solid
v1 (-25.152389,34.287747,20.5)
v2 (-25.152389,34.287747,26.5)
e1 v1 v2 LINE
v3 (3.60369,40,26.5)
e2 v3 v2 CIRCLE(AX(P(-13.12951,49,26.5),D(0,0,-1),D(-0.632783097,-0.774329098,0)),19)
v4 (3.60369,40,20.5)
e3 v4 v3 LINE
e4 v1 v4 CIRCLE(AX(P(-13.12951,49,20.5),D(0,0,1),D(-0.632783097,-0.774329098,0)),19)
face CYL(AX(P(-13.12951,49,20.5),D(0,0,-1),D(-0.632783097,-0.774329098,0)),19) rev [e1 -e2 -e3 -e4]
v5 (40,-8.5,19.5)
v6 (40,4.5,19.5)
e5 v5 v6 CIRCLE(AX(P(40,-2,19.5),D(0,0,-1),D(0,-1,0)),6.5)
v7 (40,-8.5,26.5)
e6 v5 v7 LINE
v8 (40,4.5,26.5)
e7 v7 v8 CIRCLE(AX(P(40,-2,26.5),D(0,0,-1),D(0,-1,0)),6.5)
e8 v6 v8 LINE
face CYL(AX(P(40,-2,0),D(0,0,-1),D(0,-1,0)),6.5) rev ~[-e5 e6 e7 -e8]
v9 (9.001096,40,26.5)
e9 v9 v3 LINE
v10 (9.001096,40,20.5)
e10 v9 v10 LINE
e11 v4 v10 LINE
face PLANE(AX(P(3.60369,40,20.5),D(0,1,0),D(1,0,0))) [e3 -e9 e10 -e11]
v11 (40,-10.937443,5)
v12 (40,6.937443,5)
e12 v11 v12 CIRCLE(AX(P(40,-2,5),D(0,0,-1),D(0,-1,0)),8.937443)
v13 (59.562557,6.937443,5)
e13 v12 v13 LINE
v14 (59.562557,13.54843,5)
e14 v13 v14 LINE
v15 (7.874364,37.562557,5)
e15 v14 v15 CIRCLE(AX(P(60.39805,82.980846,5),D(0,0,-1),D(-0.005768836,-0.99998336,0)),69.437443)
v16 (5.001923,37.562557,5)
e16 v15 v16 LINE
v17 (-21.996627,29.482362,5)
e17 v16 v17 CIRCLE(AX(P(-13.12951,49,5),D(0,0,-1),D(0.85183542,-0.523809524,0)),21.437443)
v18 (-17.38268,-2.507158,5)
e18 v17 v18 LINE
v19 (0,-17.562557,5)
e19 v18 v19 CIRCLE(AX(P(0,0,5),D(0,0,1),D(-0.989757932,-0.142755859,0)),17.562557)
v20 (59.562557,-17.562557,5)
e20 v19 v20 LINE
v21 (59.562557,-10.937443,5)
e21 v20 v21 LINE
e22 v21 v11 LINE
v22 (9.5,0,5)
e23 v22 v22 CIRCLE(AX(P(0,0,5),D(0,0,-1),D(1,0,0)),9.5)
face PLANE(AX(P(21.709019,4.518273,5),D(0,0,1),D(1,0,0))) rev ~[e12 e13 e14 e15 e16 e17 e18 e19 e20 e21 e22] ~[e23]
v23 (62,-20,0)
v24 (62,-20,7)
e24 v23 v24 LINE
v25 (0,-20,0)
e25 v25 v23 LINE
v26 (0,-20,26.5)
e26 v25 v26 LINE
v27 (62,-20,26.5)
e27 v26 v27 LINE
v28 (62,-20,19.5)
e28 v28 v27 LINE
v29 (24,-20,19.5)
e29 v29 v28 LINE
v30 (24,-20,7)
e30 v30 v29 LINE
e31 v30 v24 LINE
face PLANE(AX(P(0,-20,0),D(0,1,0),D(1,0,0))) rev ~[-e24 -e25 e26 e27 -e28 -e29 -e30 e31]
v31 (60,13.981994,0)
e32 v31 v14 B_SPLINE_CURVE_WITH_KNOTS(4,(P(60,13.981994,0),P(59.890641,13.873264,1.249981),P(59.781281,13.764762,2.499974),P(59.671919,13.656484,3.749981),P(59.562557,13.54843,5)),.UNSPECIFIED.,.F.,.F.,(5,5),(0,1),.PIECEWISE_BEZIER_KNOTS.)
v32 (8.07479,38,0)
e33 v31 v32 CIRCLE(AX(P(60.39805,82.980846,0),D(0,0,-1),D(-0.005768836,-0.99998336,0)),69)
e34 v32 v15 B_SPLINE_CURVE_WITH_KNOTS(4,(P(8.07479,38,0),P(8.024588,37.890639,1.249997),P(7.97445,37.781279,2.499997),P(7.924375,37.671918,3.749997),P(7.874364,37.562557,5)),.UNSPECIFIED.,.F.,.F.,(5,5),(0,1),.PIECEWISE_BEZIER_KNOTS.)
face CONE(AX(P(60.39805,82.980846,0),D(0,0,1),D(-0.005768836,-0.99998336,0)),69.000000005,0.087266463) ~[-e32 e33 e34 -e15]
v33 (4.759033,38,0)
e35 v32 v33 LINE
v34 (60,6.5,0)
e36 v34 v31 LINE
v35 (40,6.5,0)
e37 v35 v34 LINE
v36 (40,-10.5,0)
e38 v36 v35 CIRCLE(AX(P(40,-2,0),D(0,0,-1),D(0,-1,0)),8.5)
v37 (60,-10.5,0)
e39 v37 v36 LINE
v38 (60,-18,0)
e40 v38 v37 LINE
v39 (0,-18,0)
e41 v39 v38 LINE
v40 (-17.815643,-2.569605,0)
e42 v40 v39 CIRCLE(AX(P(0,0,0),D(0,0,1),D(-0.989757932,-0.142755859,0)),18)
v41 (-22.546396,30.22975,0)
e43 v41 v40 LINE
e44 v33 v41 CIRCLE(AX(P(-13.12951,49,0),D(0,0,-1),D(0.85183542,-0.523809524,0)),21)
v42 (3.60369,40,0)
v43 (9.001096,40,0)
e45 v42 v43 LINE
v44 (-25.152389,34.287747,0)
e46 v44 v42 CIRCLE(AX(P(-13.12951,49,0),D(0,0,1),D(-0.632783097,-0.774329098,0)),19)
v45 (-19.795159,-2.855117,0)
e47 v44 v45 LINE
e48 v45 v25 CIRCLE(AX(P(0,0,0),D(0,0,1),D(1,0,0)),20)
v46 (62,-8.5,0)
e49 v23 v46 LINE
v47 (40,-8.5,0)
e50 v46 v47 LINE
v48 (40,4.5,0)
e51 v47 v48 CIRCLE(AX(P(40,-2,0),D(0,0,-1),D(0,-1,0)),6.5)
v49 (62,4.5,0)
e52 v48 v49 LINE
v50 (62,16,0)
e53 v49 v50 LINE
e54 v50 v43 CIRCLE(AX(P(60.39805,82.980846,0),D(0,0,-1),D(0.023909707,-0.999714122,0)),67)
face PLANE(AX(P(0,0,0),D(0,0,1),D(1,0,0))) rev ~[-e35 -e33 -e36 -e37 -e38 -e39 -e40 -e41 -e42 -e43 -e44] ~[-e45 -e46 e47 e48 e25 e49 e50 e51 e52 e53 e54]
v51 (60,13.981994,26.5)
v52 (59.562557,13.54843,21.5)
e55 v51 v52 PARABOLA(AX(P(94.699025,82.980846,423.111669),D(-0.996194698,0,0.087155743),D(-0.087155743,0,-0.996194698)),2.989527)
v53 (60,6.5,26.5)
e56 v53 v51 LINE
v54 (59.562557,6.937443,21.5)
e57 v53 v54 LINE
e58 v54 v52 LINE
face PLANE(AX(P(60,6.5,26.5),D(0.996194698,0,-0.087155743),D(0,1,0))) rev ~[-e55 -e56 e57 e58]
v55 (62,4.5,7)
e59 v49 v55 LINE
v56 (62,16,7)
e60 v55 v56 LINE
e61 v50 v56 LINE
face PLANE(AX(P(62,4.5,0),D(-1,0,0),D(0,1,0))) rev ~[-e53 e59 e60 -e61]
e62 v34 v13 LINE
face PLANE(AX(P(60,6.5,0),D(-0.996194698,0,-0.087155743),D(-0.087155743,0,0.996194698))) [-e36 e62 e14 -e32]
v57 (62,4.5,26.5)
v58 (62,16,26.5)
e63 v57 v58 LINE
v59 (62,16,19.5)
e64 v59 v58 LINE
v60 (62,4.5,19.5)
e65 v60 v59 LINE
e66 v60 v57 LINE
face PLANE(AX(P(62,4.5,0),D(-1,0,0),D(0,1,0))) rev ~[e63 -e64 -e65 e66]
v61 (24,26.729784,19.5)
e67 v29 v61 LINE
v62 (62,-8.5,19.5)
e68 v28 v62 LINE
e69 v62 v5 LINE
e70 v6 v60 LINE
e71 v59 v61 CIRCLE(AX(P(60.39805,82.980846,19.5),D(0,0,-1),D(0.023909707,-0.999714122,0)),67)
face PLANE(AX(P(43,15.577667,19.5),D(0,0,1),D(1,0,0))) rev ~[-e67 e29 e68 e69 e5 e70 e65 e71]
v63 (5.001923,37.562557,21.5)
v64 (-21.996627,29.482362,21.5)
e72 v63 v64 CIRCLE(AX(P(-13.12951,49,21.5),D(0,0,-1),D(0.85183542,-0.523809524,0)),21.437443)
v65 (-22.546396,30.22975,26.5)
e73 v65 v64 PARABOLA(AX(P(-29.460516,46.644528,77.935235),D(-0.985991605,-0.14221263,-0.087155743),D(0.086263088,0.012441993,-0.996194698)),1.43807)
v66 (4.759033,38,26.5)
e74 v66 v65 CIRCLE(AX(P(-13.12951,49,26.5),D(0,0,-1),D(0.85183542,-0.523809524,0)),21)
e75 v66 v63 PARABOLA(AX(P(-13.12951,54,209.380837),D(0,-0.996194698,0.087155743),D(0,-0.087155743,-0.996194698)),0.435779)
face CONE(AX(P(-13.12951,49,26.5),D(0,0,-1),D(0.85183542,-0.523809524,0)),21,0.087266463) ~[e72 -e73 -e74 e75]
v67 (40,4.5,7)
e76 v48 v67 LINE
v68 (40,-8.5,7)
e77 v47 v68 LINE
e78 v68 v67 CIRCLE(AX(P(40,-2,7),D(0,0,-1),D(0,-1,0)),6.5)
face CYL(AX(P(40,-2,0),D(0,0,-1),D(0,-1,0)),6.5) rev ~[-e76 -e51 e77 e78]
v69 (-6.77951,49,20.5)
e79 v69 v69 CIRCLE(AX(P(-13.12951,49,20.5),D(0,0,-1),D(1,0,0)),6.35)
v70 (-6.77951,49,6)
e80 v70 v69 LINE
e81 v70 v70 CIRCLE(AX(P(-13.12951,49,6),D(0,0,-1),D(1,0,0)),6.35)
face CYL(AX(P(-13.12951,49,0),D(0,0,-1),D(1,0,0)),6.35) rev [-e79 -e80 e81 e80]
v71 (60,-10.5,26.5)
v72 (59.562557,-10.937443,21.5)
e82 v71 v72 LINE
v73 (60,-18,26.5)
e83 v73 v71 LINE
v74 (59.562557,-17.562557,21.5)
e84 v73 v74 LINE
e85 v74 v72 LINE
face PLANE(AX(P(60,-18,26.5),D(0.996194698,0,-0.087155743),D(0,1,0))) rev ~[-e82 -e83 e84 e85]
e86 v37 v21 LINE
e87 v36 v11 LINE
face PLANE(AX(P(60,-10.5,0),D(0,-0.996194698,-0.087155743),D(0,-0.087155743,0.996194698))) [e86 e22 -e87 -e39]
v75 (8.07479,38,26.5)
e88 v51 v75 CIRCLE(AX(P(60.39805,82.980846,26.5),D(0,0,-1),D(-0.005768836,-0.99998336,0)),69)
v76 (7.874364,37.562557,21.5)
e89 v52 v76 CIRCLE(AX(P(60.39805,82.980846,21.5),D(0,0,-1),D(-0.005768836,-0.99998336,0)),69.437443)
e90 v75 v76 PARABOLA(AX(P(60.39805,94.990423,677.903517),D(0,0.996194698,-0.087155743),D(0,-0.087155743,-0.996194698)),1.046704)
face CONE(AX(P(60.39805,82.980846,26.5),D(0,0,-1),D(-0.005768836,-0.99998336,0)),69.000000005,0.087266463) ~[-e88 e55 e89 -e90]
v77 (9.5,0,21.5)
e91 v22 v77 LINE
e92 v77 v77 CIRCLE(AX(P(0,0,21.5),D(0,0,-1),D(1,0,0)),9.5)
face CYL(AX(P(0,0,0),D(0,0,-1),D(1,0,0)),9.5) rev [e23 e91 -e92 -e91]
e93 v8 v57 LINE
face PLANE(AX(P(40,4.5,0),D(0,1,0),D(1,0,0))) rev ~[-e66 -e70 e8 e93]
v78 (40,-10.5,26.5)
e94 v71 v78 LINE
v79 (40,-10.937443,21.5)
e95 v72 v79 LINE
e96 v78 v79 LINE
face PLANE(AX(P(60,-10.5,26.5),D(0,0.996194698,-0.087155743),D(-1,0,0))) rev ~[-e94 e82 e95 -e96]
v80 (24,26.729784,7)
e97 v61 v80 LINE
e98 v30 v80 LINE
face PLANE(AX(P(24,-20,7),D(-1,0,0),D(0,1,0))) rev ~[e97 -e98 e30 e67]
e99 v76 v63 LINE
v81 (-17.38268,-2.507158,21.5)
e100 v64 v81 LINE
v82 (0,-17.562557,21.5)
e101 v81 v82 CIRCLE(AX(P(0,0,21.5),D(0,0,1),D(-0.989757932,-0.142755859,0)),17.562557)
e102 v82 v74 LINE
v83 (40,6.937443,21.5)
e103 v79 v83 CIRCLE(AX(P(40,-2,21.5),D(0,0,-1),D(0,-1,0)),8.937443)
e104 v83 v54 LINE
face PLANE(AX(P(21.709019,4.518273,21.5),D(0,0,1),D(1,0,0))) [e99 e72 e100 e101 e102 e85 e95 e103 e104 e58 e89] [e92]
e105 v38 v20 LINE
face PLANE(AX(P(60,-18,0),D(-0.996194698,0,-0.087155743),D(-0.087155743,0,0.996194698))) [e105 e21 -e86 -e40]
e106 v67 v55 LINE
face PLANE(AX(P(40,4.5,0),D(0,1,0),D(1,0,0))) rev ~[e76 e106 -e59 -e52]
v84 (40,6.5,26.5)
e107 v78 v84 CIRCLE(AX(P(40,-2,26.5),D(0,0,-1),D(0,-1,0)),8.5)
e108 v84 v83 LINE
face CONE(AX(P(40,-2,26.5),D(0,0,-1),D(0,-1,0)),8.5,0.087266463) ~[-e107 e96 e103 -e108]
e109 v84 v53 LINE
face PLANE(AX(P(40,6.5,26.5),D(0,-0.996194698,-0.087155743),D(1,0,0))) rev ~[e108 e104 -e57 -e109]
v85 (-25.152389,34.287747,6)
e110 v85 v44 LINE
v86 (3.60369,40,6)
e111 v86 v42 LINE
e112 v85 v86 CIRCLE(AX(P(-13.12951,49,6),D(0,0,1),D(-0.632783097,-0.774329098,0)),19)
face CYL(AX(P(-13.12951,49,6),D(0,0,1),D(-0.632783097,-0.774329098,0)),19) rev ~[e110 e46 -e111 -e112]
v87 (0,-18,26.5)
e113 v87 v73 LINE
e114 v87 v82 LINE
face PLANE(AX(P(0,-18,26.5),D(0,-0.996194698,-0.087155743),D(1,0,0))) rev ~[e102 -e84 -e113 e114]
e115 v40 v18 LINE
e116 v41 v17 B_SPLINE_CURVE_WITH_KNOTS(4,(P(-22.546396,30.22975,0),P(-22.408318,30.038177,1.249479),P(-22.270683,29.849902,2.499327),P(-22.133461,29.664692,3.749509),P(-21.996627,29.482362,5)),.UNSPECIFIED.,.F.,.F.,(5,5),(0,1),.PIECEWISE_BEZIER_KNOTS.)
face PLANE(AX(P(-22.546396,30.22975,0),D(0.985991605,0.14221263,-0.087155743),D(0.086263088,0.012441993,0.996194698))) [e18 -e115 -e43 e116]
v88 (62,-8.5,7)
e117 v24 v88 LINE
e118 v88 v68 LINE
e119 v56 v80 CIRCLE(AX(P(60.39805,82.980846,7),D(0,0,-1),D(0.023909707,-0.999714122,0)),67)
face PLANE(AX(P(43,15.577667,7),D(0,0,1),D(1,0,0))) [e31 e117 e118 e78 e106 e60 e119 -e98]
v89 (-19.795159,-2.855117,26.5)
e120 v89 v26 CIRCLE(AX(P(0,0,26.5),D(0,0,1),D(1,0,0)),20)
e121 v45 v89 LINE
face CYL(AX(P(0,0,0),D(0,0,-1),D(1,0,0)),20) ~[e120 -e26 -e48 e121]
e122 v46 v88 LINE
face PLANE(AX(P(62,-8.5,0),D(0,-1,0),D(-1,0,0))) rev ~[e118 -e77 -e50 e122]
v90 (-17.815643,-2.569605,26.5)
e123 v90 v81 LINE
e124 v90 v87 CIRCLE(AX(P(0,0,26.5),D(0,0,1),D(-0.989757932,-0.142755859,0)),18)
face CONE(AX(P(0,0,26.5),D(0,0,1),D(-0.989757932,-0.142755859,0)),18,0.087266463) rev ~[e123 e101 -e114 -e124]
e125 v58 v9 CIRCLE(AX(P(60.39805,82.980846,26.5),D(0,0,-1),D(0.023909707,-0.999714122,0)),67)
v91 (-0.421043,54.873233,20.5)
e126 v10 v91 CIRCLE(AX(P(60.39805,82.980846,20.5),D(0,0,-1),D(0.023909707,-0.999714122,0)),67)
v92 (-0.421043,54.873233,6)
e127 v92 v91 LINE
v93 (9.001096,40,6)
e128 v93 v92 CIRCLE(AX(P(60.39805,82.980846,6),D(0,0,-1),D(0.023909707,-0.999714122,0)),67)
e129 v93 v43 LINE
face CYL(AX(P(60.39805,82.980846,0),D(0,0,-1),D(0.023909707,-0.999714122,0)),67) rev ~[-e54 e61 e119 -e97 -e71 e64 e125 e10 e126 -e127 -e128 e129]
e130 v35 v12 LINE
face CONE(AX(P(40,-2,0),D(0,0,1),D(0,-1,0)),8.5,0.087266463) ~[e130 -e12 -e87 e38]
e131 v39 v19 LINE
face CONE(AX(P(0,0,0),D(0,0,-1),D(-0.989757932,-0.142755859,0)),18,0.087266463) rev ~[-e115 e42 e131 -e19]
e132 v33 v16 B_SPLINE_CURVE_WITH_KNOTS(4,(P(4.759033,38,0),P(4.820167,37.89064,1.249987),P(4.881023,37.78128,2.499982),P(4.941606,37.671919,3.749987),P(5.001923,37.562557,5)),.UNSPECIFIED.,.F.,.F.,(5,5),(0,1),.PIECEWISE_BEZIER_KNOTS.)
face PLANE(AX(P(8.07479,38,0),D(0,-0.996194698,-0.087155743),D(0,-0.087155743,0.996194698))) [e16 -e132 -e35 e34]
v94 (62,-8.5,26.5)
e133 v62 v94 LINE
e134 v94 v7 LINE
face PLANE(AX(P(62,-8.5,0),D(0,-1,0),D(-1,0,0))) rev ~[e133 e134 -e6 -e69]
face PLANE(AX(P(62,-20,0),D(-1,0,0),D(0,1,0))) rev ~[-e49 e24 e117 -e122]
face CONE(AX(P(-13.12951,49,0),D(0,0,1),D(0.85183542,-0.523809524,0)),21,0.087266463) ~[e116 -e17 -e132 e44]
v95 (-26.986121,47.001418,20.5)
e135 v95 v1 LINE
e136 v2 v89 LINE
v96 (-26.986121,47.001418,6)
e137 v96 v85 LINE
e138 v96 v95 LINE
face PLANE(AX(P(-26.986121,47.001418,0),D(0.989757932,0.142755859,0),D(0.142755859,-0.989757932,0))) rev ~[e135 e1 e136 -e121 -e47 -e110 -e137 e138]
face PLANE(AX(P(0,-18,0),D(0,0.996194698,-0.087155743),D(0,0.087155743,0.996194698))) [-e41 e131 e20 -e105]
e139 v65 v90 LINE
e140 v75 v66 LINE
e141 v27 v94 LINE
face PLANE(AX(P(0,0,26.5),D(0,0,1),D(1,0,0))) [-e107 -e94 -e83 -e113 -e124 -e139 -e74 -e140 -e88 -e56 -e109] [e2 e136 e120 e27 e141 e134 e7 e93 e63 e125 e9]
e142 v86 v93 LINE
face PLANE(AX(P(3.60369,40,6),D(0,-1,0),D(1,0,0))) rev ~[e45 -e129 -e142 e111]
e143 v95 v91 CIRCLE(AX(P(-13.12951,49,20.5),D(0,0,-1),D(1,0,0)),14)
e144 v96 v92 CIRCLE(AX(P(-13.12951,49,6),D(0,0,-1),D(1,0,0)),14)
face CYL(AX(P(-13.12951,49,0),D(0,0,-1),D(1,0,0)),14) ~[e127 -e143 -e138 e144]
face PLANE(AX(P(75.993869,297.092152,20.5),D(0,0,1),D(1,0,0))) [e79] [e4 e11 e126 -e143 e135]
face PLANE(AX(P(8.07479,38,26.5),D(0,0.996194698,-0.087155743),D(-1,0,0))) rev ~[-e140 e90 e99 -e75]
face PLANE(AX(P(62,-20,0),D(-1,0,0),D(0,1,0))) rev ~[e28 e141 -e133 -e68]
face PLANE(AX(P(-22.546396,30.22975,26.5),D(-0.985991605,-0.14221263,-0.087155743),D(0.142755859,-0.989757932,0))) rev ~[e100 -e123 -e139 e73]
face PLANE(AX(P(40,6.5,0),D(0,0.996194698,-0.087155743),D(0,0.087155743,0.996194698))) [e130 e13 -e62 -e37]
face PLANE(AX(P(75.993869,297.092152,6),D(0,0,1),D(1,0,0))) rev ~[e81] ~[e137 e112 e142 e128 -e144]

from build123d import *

# Parameters (mm, degrees)
SKETCH3_R               = 14
SKETCH3_R_2             = 6.35
SKETCH3_R_3             = 20
SKETCH3_R_4             = 9.5
BOSS_EXTRUDE6_DEPTH     = 26.5
CUT_EXTRUDE5_START      = 7
SKETCH7_W               = 38
SKETCH7_H               = 71.155333985
CUT_EXTRUDE5_DEPTH      = 12.5
CUT_EXTRUDE6_DEPTH      = 93.278112248
CUT_EXTRUDE6_DEPTH_BACK = 6
CUT_EXTRUDE8_DEPTH      = 93.278112248
CUT_EXTRUDE8_DEPTH_BACK = 6
CUT_EXTRUDE10_DEPTH     = 5
CUT_EXTRUDE10_TAPER     = 5
CUT_EXTRUDE11_DEPTH     = 5
CUT_EXTRUDE11_DRAFT     = -5


with BuildPart() as part:
    # Sketch3 → Boss-Extrude6 (new body)
    # profile 1 of 3: a face of its own
    with BuildSketch(Plane.XY):
        with BuildLine():
            ThreePointArc((0.870489571, 49), (-12.127650844, 35.035893248), (-26.986121482, 47.001417973))
            Line((-26.986121482, 47.001417973), (-19.795158647, -2.855117182))
            ThreePointArc((-19.795158647, -2.855117182), (-1.431227978, 19.948723931), (20, 0))
            ThreePointArc((20, 0), (14.142135624, -14.142135624), (0, -20))
            Line((0, -20), (62, -20))
            Line((62, -20), (62, -8.5))
            Line((62, -8.5), (40, -8.5))
            ThreePointArc((40, -8.5), (33.5, -2), (40, 4.5))
            Line((40, 4.5), (62, 4.5))
            Line((62, 4.5), (62, 16))
            ThreePointArc((62, 16), (24.979840385, 26.107737846), (-0.421043253, 54.873232673))
            ThreePointArc((-0.421043253, 54.873232673), (0.543794593, 52.006780632), (0.870489571, 49))
        make_face()
    # profile 2 of 3: a face of its own
    with BuildSketch(Plane.XY):
        with Locations((-13.129510429, 49)):
            Circle(SKETCH3_R)
        with Locations((-13.129510429, 49)):
            Circle(SKETCH3_R_2, mode=Mode.SUBTRACT)
    # profile 3 of 3: a face of its own
    with BuildSketch(Plane.XY):
        Circle(SKETCH3_R_3)
        Circle(SKETCH3_R_4, mode=Mode.SUBTRACT)
    extrude(amount=BOSS_EXTRUDE6_DEPTH)

    # Sketch7 → Cut-Extrude5 (cut)
    with BuildSketch(Plane.XY.offset(CUT_EXTRUDE5_START)):
        with Locations((43, 15.577666993)):
            Rectangle(SKETCH7_W, SKETCH7_H)
    extrude(amount=CUT_EXTRUDE5_DEPTH, mode=Mode.SUBTRACT)

    # Sketch8 → Cut-Extrude6 (cut, two sides: drawn at the far end of the back side and taken through both)
    with BuildSketch(Plane.XY.offset(26.5).offset(-CUT_EXTRUDE6_DEPTH_BACK)):
        with BuildLine():
            Line((-191.908254211, 170.560932392), (-25.15238927, 34.287747135))
            ThreePointArc((-25.15238927, 34.287747135), (-9.427586496, 30.364127088), (3.603690102, 40))
            Line((3.603690102, 40), (9.001095845, 40))
            Line((9.001095845, 40), (224.356382551, 40))
            Line((224.356382551, 40), (353.256649812, 450.969973536))
            Line((353.256649812, 450.969973536), (-63.007986949, 581.530905928))
            Line((-63.007986949, 581.530905928), (-191.908254211, 170.560932392))
        make_face()
    extrude(amount=CUT_EXTRUDE6_DEPTH + CUT_EXTRUDE6_DEPTH_BACK, mode=Mode.SUBTRACT)

    # Sketch9 → Cut-Extrude8 (cut, two sides: drawn at the far end of the back side and taken through both)
    with BuildSketch(Plane(origin=(0, 0, 0), x_dir=(-1, 0, 0), z_dir=(0, 0, -1)).offset(-CUT_EXTRUDE8_DEPTH_BACK)):
        with BuildLine():
            Line((191.908254211, 170.560932392), (25.15238927, 34.287747135))
            ThreePointArc((25.15238927, 34.287747135), (9.427586496, 30.364127088), (-3.603690102, 40))
            Line((-3.603690102, 40), (-9.001095845, 40))
            Line((-9.001095845, 40), (-224.356382551, 40))
            Line((-224.356382551, 40), (-353.256649812, 450.969973536))
            Line((-353.256649812, 450.969973536), (63.007986949, 581.530905928))
            Line((63.007986949, 581.530905928), (191.908254211, 170.560932392))
        make_face()
    extrude(amount=CUT_EXTRUDE8_DEPTH + CUT_EXTRUDE8_DEPTH_BACK, mode=Mode.SUBTRACT)

    # Sketch11 → Cut-Extrude10 (cut)
    with BuildSketch(Plane.XY):
        with BuildLine():
            Line((8.074790236, 38), (4.759033391, 38))
            ThreePointArc((4.759033391, 38), (-7.381776563, 28.801892282), (-22.54639569, 30.229750349))
            Line((-22.54639569, 30.229750349), (-17.815642783, -2.569605464))
            ThreePointArc((-17.815642783, -2.569605464), (-11.784462263, -13.606118079), (0, -18))
            Line((0, -18), (60, -18))
            Line((60, -18), (60, -10.5))
            Line((60, -10.5), (40, -10.5))
            ThreePointArc((40, -10.5), (31.5, -2), (40, 6.5))
            Line((40, 6.5), (60, 6.5))
            Line((60, 6.5), (60, 13.981994332))
            ThreePointArc((60, 13.981994332), (31.430822369, 20.355773383), (8.074790236, 38))
        make_face()
    extrude(amount=CUT_EXTRUDE10_DEPTH, taper=CUT_EXTRUDE10_TAPER, mode=Mode.SUBTRACT)


with BuildPart() as cut_extrude11_tool:
    # Sketch12 → Cut-Extrude11 (with draft: the straight prism first)
    with BuildSketch(Plane.XY.offset(26.5)):
        with BuildLine():
            Line((8.074790236, 38), (4.759033391, 38))
            ThreePointArc((4.759033391, 38), (-7.381776563, 28.801892282), (-22.54639569, 30.229750349))
            Line((-22.54639569, 30.229750349), (-17.815642783, -2.569605464))
            ThreePointArc((-17.815642783, -2.569605464), (-11.784462263, -13.606118079), (0, -18))
            Line((0, -18), (60, -18))
            Line((60, -18), (60, -10.5))
            Line((60, -10.5), (40, -10.5))
            ThreePointArc((40, -10.5), (31.5, -2), (40, 6.5))
            Line((40, 6.5), (60, 6.5))
            Line((60, 6.5), (60, 13.981994332))
            ThreePointArc((60, 13.981994332), (31.430822369, 20.355773383), (8.074790236, 38))
        make_face()
    extrude(amount=-CUT_EXTRUDE11_DEPTH)
    # Cut-Extrude11: the draft: its side faces are tilted about the plane it starts from
    cut_extrude11_sides = [cut_extrude11_tool.faces().sort_by_distance(p)[0] for p in [
        (31.430822369, 20.355773383, 24),
        (6.416911814, 38, 24),
        (-7.381776563, 28.801892282, 24),
        (-20.181019237, 13.830072443, 24),
        (-11.784462263, -13.606118079, 24),
        (30, -18, 24),
        (60, -14.25, 24),
        (50, -10.5, 24),
        (31.5, -2, 24),
        (50, 6.5, 24),
        (60, 10.240997166, 24),
    ]]
    draft(cut_extrude11_sides, Plane.XY.offset(26.5), CUT_EXTRUDE11_DRAFT)


with BuildPart() as part_1:
    add(part.part)

    # Cut-Extrude11: cut by cut_extrude11_tool
    add(cut_extrude11_tool.part, mode=Mode.SUBTRACT)


solid = part_1.part
